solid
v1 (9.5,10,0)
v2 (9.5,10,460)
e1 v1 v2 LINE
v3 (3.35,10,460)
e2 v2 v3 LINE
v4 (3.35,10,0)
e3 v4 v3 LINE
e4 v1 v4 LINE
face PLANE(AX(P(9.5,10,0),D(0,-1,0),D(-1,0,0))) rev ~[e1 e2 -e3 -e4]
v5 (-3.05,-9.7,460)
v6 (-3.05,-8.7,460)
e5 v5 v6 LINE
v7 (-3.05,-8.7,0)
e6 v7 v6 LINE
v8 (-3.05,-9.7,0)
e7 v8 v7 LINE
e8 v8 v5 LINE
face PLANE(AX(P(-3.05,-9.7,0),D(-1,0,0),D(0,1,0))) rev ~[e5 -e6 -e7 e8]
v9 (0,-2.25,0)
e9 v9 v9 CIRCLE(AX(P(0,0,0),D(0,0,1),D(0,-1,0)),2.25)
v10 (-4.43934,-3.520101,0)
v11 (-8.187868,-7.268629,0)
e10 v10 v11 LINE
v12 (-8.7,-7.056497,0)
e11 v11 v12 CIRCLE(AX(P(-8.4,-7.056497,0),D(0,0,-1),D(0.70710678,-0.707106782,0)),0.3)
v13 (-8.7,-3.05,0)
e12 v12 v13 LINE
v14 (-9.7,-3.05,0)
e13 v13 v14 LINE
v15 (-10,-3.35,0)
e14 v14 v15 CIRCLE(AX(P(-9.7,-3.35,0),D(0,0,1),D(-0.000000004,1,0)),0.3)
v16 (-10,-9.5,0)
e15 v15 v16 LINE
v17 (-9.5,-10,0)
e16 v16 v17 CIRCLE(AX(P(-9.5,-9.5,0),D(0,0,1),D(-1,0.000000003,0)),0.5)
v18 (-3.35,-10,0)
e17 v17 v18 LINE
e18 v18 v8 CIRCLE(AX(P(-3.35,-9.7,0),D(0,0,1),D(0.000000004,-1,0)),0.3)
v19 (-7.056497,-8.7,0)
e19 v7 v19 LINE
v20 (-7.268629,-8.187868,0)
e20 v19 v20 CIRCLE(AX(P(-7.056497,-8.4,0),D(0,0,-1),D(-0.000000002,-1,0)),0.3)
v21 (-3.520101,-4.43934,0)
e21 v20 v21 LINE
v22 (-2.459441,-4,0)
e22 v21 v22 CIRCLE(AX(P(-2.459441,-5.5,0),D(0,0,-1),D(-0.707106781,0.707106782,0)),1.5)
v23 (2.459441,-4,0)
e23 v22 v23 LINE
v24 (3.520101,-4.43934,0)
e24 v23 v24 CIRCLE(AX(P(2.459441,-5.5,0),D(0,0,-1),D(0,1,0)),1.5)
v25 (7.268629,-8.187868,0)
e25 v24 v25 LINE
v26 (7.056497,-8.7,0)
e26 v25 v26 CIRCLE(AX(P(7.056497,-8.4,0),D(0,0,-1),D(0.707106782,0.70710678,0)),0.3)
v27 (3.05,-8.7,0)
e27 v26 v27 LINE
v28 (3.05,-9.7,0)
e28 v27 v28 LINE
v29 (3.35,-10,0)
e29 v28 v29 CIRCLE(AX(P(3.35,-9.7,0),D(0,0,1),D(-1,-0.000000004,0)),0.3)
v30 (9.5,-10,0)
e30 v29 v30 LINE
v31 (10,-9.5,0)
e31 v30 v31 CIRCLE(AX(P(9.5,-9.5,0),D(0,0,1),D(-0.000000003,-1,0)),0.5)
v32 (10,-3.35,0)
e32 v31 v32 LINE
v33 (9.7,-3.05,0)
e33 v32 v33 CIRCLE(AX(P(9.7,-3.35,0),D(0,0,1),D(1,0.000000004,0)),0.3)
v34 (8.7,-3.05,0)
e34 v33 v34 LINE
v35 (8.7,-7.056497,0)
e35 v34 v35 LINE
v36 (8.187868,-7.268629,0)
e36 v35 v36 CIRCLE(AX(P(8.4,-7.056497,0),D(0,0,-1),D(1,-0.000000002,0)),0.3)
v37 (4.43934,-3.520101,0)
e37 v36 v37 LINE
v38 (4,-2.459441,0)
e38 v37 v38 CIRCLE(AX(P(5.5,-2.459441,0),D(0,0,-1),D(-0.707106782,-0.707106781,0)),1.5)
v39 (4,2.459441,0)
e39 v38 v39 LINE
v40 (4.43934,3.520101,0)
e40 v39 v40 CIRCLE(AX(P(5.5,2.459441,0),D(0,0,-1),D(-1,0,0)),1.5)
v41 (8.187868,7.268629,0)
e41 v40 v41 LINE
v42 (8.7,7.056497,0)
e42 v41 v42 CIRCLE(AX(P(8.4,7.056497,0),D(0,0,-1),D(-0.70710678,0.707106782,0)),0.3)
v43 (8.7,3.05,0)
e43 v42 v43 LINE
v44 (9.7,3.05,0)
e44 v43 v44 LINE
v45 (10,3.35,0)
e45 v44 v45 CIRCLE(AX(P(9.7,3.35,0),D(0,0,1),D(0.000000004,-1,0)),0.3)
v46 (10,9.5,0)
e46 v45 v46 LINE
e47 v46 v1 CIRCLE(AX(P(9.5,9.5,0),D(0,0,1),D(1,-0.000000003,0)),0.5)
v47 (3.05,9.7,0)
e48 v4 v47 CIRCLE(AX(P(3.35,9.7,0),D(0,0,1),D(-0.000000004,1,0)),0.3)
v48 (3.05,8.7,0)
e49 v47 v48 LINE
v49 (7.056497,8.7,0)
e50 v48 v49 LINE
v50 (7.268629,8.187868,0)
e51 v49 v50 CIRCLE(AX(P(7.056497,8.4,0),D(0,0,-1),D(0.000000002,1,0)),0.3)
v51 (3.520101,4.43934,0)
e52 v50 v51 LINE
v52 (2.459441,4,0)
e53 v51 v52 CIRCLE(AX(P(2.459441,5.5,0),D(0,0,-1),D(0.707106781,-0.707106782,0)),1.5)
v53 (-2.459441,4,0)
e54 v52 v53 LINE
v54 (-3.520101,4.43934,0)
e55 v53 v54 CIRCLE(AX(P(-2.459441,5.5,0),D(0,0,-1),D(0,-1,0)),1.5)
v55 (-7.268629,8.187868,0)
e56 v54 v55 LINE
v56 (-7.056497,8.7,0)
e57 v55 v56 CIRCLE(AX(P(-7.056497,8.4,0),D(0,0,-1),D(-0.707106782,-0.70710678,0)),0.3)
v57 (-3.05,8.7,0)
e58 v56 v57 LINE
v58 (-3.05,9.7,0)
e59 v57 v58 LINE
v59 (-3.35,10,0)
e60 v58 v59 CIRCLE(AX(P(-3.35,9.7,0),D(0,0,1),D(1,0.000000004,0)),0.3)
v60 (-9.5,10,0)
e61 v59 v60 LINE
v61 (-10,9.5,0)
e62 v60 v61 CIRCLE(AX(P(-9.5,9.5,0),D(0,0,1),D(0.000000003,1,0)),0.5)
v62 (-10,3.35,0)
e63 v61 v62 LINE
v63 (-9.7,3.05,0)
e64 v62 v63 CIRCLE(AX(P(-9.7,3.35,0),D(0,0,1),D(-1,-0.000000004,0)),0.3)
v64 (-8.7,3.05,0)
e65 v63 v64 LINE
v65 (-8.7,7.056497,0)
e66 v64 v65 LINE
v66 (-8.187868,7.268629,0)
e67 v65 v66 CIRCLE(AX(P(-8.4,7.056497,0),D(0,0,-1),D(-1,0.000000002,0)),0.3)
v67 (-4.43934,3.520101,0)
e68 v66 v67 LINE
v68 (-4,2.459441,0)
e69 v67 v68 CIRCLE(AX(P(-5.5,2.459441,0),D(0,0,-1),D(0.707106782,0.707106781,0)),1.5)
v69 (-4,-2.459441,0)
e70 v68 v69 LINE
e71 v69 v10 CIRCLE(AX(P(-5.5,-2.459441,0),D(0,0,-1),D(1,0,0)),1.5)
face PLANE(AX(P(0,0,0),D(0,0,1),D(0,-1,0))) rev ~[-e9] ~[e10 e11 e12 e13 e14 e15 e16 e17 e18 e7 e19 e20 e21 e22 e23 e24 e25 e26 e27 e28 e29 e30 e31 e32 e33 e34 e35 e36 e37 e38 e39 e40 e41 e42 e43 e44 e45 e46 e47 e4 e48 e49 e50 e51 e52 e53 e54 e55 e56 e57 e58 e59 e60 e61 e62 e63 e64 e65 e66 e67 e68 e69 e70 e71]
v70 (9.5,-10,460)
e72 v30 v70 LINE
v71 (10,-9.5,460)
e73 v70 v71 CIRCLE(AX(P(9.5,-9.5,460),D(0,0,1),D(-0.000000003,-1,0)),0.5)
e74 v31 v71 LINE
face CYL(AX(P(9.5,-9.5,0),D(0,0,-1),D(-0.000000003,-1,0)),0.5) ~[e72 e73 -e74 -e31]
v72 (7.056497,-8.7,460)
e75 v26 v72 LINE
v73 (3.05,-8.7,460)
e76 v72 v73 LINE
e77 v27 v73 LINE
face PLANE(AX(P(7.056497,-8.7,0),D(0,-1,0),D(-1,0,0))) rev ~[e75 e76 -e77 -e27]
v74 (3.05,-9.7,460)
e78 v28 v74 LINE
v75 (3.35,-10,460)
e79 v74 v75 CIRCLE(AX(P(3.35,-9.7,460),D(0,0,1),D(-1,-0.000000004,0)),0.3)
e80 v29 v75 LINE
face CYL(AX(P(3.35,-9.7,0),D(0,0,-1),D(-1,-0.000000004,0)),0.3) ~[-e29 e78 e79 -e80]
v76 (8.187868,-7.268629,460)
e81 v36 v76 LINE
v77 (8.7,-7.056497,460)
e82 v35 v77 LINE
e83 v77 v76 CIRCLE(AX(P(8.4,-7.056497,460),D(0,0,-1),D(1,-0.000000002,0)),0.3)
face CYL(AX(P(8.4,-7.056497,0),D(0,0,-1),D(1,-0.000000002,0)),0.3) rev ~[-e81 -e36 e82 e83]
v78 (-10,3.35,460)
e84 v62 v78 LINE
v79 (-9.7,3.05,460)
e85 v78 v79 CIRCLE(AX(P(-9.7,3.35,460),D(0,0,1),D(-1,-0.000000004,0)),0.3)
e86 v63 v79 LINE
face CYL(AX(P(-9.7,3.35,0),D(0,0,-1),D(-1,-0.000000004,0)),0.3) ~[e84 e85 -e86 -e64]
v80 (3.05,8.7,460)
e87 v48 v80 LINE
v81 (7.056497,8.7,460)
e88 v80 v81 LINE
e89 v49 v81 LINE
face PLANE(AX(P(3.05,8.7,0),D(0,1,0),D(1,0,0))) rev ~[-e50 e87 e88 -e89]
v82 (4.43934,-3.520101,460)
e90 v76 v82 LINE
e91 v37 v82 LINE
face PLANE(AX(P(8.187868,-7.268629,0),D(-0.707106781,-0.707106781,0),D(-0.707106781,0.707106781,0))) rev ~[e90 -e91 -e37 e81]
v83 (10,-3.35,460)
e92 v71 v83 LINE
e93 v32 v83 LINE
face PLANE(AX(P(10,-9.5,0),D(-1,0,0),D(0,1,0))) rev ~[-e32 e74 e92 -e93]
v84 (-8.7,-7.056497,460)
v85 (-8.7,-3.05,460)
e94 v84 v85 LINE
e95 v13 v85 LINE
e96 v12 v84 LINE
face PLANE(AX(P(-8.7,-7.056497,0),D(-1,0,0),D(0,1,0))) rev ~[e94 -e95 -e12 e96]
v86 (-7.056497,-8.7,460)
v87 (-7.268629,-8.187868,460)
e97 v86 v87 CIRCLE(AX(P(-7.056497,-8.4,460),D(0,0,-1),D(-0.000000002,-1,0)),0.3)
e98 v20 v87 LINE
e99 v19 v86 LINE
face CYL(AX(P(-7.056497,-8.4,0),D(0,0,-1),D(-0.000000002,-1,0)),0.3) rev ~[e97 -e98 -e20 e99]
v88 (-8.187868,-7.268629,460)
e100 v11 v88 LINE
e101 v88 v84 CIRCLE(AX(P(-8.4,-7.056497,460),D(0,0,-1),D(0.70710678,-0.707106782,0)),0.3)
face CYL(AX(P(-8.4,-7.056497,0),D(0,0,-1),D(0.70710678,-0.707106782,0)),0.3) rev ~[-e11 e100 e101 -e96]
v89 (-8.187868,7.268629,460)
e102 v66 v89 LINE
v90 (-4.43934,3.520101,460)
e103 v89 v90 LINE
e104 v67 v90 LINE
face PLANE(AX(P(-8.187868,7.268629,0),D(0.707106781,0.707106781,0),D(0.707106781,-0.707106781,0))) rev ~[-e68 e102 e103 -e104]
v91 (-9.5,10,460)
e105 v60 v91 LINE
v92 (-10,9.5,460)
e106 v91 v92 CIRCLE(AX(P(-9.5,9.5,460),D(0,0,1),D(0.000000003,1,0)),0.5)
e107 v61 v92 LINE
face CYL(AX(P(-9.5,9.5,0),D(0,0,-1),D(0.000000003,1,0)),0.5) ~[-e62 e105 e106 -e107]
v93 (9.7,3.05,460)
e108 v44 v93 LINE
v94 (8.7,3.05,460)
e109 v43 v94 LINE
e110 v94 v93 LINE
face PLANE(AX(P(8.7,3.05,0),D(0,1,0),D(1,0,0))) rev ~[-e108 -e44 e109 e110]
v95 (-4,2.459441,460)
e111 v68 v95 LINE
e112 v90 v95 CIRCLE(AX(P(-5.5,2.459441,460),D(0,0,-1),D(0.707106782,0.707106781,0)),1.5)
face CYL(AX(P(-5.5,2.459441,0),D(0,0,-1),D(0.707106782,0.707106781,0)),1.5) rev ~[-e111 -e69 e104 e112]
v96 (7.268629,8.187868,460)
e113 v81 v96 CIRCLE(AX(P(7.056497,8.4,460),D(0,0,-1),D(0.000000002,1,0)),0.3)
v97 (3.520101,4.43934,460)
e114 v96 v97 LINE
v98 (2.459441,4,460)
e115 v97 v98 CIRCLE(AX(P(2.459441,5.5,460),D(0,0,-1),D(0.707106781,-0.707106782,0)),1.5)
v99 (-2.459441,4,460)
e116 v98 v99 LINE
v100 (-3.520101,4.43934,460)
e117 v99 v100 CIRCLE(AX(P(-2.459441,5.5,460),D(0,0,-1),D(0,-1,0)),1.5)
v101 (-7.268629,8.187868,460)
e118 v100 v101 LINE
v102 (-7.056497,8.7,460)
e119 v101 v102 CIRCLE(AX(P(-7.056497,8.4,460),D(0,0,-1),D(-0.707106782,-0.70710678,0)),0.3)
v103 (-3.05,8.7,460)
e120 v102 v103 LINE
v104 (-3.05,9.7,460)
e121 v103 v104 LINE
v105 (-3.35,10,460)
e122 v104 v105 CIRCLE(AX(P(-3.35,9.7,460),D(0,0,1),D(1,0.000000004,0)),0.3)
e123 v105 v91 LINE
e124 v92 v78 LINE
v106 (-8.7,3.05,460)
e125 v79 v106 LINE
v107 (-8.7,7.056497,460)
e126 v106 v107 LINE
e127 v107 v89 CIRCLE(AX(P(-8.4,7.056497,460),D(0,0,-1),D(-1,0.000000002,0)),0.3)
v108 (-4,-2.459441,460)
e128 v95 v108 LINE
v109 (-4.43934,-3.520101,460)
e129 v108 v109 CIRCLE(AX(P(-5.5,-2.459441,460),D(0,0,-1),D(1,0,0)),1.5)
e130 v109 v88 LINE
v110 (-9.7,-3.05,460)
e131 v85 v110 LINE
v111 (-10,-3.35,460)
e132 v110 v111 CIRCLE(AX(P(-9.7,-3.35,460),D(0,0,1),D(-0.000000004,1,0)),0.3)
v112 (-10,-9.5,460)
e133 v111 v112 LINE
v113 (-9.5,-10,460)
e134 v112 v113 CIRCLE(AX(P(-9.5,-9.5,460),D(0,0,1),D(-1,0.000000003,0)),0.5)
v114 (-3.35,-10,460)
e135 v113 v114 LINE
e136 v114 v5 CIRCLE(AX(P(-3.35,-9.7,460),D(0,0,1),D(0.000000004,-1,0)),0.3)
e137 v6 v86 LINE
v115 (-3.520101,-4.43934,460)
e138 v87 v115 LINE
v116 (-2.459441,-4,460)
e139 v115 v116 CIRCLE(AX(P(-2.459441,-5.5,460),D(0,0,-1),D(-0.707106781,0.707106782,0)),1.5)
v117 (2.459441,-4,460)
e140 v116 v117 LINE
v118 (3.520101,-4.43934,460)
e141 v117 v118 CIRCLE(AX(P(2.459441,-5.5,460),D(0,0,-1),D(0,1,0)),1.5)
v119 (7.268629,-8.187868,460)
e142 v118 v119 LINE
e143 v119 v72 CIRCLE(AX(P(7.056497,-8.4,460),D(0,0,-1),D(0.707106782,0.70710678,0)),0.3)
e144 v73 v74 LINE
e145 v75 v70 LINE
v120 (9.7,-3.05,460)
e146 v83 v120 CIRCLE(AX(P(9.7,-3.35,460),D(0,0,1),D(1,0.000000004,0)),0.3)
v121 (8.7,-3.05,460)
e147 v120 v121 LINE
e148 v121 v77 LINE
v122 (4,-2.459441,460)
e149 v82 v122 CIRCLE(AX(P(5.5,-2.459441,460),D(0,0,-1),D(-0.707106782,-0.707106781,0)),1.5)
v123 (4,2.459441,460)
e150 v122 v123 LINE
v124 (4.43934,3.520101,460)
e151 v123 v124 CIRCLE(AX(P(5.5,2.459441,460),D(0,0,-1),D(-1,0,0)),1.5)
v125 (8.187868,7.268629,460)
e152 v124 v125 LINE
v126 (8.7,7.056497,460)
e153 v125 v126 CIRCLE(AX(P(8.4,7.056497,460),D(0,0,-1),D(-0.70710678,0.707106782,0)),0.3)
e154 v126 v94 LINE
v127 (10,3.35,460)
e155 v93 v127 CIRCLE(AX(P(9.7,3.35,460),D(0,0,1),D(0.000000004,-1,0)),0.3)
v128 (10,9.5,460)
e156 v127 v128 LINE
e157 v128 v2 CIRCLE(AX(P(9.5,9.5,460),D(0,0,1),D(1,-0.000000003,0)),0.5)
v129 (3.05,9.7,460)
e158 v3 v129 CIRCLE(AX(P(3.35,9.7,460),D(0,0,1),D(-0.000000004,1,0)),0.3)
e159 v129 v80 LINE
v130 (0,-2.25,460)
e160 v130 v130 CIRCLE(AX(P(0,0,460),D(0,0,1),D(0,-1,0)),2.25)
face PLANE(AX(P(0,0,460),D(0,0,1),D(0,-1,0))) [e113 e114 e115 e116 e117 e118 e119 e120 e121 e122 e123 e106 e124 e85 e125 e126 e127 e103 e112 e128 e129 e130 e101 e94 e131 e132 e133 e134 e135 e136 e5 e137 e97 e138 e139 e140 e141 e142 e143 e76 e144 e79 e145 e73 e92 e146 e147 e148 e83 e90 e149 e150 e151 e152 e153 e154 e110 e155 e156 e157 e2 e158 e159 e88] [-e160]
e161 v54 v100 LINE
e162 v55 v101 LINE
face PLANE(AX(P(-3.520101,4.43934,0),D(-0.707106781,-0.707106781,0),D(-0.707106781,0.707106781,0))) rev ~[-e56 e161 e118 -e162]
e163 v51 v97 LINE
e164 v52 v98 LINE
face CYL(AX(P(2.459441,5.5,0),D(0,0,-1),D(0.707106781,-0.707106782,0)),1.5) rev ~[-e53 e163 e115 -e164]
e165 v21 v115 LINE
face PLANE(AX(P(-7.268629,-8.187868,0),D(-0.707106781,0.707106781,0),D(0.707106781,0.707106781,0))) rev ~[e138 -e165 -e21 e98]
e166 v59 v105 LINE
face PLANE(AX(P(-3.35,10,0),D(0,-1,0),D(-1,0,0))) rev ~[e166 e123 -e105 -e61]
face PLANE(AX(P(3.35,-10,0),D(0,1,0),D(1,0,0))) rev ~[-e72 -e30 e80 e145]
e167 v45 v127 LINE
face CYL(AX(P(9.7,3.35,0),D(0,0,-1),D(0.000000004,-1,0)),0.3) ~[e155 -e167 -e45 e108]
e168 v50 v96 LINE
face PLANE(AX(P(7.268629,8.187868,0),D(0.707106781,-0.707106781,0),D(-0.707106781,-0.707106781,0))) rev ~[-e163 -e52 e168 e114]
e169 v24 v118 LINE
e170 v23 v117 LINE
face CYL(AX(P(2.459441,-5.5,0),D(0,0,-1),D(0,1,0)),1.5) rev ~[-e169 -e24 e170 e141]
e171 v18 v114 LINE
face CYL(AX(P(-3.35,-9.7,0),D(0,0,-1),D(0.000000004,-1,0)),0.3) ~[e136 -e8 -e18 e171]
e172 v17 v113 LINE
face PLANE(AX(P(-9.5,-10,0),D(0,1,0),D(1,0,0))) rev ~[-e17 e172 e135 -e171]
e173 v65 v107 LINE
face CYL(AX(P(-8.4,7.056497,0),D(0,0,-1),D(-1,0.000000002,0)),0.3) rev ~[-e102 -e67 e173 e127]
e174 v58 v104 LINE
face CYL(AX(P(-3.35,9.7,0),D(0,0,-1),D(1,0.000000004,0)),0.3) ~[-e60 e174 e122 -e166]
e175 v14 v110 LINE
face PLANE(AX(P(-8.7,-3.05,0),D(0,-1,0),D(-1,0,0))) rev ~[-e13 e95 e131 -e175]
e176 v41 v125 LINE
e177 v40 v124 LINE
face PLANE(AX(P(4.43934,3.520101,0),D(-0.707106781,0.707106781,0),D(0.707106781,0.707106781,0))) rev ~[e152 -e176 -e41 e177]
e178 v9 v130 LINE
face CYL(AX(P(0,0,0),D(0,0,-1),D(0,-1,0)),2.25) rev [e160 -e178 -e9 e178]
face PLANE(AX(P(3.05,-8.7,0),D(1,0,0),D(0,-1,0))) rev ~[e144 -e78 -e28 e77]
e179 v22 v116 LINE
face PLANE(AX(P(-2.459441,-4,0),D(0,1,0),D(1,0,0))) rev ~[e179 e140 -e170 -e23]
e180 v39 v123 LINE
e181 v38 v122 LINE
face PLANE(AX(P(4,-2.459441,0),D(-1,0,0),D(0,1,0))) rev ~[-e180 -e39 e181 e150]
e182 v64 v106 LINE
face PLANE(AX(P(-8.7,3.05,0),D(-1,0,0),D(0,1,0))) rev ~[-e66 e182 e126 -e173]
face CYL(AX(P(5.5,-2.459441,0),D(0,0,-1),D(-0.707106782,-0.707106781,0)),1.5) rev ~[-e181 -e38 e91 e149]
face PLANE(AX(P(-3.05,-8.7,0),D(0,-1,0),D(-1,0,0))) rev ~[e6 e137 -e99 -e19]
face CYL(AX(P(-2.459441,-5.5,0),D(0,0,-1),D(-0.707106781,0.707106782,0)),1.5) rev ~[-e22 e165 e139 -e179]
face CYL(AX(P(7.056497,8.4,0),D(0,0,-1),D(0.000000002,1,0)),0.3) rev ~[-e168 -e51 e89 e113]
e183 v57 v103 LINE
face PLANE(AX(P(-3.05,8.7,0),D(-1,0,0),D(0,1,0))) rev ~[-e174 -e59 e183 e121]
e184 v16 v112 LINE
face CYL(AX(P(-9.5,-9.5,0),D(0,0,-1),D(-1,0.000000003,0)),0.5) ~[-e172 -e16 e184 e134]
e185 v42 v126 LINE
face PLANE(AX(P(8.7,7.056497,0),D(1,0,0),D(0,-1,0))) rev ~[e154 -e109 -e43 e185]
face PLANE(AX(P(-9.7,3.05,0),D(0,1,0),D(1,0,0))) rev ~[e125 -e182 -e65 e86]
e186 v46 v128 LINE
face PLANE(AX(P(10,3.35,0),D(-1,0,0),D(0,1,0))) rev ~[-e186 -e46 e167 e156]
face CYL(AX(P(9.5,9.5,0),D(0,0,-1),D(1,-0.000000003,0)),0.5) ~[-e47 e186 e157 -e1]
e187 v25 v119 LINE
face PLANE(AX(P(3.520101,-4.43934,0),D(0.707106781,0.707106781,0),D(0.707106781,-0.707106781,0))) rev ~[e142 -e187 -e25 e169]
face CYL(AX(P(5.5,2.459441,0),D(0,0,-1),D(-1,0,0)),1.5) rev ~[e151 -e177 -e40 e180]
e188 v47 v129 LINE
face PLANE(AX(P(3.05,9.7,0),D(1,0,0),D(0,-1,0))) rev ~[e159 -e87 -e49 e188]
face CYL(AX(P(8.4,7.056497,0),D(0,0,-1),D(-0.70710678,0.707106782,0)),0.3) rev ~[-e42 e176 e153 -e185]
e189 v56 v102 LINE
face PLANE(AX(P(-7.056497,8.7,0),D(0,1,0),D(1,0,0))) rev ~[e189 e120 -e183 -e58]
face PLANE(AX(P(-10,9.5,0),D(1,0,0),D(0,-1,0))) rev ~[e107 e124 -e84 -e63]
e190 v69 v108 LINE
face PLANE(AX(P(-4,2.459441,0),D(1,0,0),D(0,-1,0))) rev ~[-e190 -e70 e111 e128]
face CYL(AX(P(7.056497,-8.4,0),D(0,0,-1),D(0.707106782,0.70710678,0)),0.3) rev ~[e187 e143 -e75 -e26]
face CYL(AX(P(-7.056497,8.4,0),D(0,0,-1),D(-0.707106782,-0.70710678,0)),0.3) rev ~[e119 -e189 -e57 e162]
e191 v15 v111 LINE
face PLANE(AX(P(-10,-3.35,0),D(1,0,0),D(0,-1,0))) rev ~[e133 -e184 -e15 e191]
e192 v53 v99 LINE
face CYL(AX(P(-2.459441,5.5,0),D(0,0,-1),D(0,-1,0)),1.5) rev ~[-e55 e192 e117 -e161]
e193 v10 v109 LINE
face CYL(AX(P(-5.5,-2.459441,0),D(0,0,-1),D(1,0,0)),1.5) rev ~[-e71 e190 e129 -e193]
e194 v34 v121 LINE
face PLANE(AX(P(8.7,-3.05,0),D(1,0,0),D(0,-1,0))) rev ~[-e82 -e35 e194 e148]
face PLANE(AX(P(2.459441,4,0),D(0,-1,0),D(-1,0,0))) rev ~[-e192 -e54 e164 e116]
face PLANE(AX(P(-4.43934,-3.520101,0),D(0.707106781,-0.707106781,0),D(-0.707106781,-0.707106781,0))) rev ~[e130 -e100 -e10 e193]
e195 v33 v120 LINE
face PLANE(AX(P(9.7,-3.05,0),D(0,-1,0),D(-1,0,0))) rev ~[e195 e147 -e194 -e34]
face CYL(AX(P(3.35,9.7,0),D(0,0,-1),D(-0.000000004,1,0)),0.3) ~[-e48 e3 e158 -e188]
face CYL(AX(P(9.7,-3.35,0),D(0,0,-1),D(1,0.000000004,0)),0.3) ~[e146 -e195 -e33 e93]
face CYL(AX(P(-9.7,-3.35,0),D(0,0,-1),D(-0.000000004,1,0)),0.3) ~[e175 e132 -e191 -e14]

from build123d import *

# Parameters (mm, degrees)
ESBO_O11_R                                   = 2.25
QUADRADO_PF20_21_PERFIL_2020_T_SLOT_6M_DEPTH = 460


with BuildPart() as part:
    # Esboço11 → Quadrado PF20-21 - PERFIL 2020 T-SLOT 6MM(1) (new body)
    with BuildSketch(Plane(origin=(0, 0, 0), x_dir=(0, -1, 0), z_dir=(0, 0, 1))):
        with BuildLine():
            Line((8.187867966, -7.26862915), (4.439339828, -3.520101013))
            ThreePointArc((4.439339828, -3.520101013), (4.114180701, -3.033465989), (4, -2.459440841))
            Line((4, -2.459440841), (4, 2.459440841))
            ThreePointArc((4, 2.459440841), (4.114180701, 3.033465989), (4.439339828, 3.520101013))
            Line((4.439339828, 3.520101013), (8.187867966, 7.26862915))
            ThreePointArc((8.187867966, 7.26862915), (8.51480503, 7.333660975), (8.7, 7.056497116))
            Line((8.7, 7.056497116), (8.7, 3.05))
            Line((8.7, 3.05), (9.7, 3.05))
            ThreePointArc((9.7, 3.05), (9.912132034, 3.137867966), (10, 3.35))
            Line((10, 3.35), (10, 9.5))
            ThreePointArc((10, 9.5), (9.853553391, 9.853553391), (9.5, 10))
            Line((9.5, 10), (3.35, 10))
            ThreePointArc((3.35, 10), (3.137867966, 9.912132034), (3.05, 9.7))
            Line((3.05, 9.7), (3.05, 8.7))
            Line((3.05, 8.7), (7.056497116, 8.7))
            ThreePointArc((7.056497116, 8.7), (7.333660975, 8.51480503), (7.26862915, 8.187867966))
            Line((7.26862915, 8.187867966), (3.520101013, 4.439339828))
            ThreePointArc((3.520101013, 4.439339828), (3.033465989, 4.114180701), (2.459440841, 4))
            Line((2.459440841, 4), (-2.459440841, 4))
            ThreePointArc((-2.459440841, 4), (-3.033465989, 4.114180701), (-3.520101013, 4.439339828))
            Line((-3.520101013, 4.439339828), (-7.26862915, 8.187867966))
            ThreePointArc((-7.26862915, 8.187867966), (-7.333660975, 8.51480503), (-7.056497116, 8.7))
            Line((-7.056497116, 8.7), (-3.05, 8.7))
            Line((-3.05, 8.7), (-3.05, 9.7))
            ThreePointArc((-3.05, 9.7), (-3.137867966, 9.912132034), (-3.35, 10))
            Line((-3.35, 10), (-9.5, 10))
            ThreePointArc((-9.5, 10), (-9.853553391, 9.853553391), (-10, 9.5))
            Line((-10, 9.5), (-10, 3.35))
            ThreePointArc((-10, 3.35), (-9.912132034, 3.137867966), (-9.7, 3.05))
            Line((-9.7, 3.05), (-8.7, 3.05))
            Line((-8.7, 3.05), (-8.7, 7.056497116))
            ThreePointArc((-8.7, 7.056497116), (-8.51480503, 7.333660975), (-8.187867966, 7.26862915))
            Line((-8.187867966, 7.26862915), (-4.439339828, 3.520101013))
            ThreePointArc((-4.439339828, 3.520101013), (-4.114180701, 3.033465989), (-4, 2.459440841))
            Line((-4, 2.459440841), (-4, -2.459440841))
            ThreePointArc((-4, -2.459440841), (-4.114180701, -3.033465989), (-4.439339828, -3.520101013))
            Line((-4.439339828, -3.520101013), (-8.187867966, -7.26862915))
            ThreePointArc((-8.187867966, -7.26862915), (-8.51480503, -7.333660975), (-8.7, -7.056497116))
            Line((-8.7, -7.056497116), (-8.7, -3.05))
            Line((-8.7, -3.05), (-9.7, -3.05))
            ThreePointArc((-9.7, -3.05), (-9.912132034, -3.137867966), (-10, -3.35))
            Line((-10, -3.35), (-10, -9.5))
            ThreePointArc((-10, -9.5), (-9.853553391, -9.853553391), (-9.5, -10))
            Line((-9.5, -10), (-3.35, -10))
            ThreePointArc((-3.35, -10), (-3.137867966, -9.912132034), (-3.05, -9.7))
            Line((-3.05, -9.7), (-3.05, -8.7))
            Line((-3.05, -8.7), (-7.056497116, -8.7))
            ThreePointArc((-7.056497116, -8.7), (-7.333660975, -8.51480503), (-7.26862915, -8.187867966))
            Line((-7.26862915, -8.187867966), (-3.520101013, -4.439339828))
            ThreePointArc((-3.520101013, -4.439339828), (-3.033465989, -4.114180701), (-2.459440841, -4))
            Line((-2.459440841, -4), (2.459440841, -4))
            ThreePointArc((2.459440841, -4), (3.033465989, -4.114180701), (3.520101013, -4.439339828))
            Line((3.520101013, -4.439339828), (7.26862915, -8.187867966))
            ThreePointArc((7.26862915, -8.187867966), (7.333660975, -8.51480503), (7.056497116, -8.7))
            Line((7.056497116, -8.7), (3.05, -8.7))
            Line((3.05, -8.7), (3.05, -9.7))
            ThreePointArc((3.05, -9.7), (3.137867966, -9.912132034), (3.35, -10))
            Line((3.35, -10), (9.5, -10))
            ThreePointArc((9.5, -10), (9.853553391, -9.853553391), (10, -9.5))
            Line((10, -9.5), (10, -3.35))
            ThreePointArc((10, -3.35), (9.912132034, -3.137867966), (9.7, -3.05))
            Line((9.7, -3.05), (8.7, -3.05))
            Line((8.7, -3.05), (8.7, -7.056497116))
            ThreePointArc((8.7, -7.056497116), (8.51480503, -7.333660975), (8.187867966, -7.26862915))
        make_face()
        Circle(ESBO_O11_R, mode=Mode.SUBTRACT)
    extrude(amount=QUADRADO_PF20_21_PERFIL_2020_T_SLOT_6M_DEPTH)


solid = part.part
